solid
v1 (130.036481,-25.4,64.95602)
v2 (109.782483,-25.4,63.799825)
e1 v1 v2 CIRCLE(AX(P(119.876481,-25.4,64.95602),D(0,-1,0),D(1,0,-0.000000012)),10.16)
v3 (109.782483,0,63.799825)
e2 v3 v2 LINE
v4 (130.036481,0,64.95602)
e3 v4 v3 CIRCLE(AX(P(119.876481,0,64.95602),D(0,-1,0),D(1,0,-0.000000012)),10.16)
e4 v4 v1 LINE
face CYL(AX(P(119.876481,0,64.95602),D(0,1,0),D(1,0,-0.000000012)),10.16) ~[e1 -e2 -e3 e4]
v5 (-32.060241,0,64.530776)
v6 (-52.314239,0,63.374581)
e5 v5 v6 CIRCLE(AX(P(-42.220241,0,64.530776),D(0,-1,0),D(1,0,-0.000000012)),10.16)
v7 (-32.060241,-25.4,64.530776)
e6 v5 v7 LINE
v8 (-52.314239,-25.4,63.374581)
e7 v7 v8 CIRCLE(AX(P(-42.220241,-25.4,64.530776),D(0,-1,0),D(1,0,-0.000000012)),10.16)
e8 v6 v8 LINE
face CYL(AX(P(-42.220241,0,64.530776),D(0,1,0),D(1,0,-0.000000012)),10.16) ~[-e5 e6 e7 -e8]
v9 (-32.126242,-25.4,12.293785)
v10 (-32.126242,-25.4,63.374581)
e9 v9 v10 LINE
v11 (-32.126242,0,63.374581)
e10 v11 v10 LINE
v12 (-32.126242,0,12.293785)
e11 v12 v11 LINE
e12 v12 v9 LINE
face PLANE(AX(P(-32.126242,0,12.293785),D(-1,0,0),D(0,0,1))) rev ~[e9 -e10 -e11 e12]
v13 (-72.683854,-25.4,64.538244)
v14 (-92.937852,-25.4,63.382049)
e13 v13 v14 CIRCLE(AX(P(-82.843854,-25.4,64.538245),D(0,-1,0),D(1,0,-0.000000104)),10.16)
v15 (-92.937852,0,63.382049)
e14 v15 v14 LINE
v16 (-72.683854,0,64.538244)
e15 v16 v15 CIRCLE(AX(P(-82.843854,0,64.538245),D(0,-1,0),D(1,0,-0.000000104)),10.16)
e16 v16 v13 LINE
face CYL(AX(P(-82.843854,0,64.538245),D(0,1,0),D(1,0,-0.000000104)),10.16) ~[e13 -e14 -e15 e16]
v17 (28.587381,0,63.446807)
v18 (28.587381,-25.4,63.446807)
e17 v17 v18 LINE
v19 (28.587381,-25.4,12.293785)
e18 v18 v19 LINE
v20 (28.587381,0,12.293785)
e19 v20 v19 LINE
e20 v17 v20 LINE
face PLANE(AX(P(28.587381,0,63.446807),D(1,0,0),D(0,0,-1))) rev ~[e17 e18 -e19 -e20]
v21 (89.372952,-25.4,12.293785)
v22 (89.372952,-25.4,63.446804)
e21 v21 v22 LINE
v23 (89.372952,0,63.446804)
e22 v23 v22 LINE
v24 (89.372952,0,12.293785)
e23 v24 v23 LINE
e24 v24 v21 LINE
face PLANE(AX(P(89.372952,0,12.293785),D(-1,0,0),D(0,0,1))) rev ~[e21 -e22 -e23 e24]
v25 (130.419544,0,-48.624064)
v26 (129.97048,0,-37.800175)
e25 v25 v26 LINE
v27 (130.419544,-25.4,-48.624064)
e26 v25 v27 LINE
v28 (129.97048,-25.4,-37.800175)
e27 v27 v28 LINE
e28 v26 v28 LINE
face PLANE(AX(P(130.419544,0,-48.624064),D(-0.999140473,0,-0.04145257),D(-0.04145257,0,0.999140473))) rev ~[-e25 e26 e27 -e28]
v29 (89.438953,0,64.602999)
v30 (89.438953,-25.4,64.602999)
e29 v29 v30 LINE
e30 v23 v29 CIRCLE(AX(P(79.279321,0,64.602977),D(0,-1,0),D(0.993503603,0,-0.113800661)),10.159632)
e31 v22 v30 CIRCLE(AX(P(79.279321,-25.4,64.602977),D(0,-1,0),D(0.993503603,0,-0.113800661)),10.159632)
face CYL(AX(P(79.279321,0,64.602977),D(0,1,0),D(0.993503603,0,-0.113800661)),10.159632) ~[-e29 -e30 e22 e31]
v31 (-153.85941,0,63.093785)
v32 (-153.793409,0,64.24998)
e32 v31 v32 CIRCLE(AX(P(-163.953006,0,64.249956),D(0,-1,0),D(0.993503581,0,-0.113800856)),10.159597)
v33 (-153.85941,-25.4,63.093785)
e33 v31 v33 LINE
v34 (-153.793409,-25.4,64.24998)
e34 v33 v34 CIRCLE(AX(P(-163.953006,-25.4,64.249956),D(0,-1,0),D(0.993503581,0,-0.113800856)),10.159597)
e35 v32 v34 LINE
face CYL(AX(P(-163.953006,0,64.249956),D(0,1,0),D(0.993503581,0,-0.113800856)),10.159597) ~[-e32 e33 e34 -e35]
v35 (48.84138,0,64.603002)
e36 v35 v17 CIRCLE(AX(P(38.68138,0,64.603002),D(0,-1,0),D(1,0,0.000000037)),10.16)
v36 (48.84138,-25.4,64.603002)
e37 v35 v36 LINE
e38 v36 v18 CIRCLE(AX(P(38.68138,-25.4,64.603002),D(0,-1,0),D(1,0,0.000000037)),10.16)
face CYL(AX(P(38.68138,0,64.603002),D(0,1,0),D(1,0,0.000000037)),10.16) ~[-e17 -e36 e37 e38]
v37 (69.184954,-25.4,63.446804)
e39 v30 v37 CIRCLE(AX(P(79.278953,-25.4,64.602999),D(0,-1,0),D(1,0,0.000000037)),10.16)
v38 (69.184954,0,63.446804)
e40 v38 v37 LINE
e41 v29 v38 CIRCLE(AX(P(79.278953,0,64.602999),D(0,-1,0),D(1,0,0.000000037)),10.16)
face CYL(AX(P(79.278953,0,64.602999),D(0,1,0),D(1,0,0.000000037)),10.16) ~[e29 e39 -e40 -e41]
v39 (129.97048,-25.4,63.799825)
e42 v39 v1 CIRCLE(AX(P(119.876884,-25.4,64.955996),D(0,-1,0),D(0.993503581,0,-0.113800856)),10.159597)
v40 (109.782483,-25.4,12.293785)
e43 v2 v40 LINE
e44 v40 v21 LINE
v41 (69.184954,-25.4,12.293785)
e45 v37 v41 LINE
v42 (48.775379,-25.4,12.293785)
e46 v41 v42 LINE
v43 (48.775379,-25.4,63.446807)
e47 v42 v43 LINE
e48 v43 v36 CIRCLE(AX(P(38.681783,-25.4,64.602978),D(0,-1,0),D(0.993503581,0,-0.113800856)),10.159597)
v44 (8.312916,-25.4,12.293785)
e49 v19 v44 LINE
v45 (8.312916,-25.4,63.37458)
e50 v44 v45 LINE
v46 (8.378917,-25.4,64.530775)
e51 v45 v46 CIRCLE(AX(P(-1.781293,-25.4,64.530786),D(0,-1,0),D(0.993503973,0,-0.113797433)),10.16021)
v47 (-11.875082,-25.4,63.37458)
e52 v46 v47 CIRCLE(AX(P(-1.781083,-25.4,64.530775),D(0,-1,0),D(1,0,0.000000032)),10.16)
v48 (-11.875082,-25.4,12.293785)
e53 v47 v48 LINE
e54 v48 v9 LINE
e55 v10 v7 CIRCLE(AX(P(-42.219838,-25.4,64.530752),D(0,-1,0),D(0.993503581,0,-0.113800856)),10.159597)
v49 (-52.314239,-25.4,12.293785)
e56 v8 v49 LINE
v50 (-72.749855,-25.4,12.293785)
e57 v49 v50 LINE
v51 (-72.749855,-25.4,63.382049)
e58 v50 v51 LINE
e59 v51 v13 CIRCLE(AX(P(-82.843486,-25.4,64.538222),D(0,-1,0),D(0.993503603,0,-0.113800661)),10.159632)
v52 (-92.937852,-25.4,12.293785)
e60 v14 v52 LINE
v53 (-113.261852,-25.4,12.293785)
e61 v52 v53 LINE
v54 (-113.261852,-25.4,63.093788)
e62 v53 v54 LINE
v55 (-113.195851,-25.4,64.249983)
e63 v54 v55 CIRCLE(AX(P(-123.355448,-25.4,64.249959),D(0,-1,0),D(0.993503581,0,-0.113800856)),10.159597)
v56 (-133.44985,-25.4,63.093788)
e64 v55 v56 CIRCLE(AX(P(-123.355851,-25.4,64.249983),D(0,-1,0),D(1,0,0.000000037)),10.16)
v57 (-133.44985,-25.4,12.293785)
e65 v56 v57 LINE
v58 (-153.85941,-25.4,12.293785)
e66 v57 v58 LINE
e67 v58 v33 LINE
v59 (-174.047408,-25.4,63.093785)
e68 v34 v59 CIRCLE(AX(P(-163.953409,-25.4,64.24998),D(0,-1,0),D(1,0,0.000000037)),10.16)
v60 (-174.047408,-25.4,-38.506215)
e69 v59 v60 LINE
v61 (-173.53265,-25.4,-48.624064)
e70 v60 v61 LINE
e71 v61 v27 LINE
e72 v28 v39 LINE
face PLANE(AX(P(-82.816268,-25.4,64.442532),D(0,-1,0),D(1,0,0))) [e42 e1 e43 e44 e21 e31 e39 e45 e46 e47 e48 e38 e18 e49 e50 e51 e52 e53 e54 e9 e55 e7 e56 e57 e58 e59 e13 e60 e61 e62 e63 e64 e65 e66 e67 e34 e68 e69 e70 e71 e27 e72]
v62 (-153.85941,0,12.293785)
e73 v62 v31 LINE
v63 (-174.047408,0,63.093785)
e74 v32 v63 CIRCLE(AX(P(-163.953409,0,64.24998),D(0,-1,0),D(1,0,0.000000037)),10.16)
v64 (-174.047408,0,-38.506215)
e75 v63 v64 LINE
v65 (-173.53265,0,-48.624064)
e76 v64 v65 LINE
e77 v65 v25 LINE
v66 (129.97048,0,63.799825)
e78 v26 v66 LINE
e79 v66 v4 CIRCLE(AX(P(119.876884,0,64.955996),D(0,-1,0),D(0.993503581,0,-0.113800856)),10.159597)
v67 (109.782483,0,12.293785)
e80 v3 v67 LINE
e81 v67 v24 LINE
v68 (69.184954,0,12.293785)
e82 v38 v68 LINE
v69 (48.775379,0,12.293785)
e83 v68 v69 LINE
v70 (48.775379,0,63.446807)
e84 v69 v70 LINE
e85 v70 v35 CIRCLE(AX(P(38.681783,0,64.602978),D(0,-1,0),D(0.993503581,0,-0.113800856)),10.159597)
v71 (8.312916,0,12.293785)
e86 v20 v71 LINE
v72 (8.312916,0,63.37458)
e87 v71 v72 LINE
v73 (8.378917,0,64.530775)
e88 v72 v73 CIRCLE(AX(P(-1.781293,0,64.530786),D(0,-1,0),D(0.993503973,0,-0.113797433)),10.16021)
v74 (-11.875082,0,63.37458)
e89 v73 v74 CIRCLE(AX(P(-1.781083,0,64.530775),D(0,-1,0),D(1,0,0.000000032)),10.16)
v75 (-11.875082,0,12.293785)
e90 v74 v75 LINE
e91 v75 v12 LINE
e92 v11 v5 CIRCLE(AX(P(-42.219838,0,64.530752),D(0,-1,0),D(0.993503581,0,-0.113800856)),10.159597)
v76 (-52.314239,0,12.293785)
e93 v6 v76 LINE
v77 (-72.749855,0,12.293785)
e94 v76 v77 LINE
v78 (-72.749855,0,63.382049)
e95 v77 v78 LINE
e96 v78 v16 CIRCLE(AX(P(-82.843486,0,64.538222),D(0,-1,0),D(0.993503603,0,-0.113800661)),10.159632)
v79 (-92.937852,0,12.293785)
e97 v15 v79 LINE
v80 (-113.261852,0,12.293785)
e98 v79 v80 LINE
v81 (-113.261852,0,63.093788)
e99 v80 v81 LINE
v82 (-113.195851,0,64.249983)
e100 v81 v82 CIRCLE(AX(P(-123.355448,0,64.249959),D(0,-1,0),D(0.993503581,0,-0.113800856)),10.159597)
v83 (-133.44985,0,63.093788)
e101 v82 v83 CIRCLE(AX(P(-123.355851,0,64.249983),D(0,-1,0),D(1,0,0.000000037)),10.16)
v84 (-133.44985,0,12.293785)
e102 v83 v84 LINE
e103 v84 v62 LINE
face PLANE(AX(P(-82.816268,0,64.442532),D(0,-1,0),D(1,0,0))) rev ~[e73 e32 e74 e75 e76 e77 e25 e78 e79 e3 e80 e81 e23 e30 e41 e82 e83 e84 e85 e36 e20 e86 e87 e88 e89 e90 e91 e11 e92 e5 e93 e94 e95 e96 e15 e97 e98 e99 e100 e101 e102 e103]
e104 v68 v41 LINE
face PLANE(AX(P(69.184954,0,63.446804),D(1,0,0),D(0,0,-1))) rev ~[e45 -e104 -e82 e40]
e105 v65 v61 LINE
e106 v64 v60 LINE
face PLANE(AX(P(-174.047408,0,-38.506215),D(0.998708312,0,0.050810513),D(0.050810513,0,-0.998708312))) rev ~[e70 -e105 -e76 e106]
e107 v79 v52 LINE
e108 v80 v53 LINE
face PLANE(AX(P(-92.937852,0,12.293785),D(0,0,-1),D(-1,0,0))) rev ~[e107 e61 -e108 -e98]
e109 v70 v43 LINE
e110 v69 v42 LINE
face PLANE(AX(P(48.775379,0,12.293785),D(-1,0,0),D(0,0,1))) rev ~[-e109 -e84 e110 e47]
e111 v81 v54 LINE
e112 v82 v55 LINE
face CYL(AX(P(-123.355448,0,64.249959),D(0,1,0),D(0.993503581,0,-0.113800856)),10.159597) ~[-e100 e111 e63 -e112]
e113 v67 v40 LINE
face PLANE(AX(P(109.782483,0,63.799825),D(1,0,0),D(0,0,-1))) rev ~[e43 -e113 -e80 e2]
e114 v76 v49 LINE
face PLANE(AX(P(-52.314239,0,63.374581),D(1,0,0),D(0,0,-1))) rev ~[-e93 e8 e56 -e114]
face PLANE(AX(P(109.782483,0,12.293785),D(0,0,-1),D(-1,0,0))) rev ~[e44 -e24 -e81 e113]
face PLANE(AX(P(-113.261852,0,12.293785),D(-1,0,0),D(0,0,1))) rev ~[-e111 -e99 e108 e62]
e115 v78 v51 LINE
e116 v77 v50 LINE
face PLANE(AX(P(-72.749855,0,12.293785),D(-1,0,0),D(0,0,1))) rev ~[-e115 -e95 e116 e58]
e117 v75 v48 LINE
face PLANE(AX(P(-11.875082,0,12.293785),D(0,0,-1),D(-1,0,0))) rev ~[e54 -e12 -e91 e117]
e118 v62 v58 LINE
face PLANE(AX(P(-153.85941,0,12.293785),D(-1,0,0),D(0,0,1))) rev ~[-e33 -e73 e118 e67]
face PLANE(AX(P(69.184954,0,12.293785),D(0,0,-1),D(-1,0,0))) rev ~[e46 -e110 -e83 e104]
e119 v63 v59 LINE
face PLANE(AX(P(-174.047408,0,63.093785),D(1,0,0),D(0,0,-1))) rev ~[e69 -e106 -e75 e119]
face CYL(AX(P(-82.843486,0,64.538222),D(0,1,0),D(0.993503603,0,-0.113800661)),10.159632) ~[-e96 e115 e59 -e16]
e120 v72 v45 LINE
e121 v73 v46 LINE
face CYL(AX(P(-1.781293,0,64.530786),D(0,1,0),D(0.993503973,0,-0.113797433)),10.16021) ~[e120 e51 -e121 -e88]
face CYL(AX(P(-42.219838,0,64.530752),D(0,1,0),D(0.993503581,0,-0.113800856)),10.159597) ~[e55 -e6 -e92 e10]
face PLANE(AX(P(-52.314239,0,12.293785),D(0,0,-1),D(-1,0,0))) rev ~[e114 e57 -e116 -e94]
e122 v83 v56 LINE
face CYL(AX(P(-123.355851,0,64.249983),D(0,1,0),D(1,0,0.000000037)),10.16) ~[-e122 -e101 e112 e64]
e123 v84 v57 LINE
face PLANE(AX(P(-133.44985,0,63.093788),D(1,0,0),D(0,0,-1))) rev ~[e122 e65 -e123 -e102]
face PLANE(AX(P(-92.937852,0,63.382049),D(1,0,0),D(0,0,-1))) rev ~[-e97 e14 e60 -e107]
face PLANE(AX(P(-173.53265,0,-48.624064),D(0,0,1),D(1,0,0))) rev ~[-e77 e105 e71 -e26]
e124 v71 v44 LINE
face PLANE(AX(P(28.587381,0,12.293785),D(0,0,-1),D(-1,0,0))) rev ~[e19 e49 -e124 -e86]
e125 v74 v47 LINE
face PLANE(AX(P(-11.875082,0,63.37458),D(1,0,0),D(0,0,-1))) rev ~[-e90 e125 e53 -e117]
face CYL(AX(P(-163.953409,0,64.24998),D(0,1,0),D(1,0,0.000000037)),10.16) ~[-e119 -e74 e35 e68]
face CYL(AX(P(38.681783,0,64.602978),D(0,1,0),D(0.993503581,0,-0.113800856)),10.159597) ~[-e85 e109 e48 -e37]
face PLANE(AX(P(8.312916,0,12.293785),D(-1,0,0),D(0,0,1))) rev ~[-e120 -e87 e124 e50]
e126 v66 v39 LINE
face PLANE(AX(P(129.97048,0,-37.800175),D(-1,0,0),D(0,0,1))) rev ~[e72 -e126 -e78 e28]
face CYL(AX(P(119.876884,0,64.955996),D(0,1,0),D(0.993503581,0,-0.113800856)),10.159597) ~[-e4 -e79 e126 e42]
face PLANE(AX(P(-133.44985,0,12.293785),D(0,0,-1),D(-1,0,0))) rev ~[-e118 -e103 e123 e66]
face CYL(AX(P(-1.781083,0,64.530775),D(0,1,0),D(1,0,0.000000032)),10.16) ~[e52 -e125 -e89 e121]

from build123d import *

# Parameters (mm, degrees)
F1_DEPTH = 25.4


with BuildPart() as f1:
    # F0 (on Front) → F1 (new body)
    with BuildSketch(Plane.XZ):
        with BuildLine():
            ThreePointArc((-72.749855, 63.382049), (-72.700367, 63.959206), (-72.683854, 64.538244))
            ThreePointArc((-72.683854, 64.538244), (-83.422892, 74.681731), (-92.937852, 63.382049))
            ThreePointArc((-92.937852, 63.382049), (-82.843854, 54.378244), (-72.749855, 63.382049))
        make_face()
        with BuildLine():
            ThreePointArc((-72.749855, 63.382049), (-82.843854, 54.378244), (-92.937852, 63.382049))
            Line((-92.937852, 63.382049), (-92.937852, 12.293785))
            Line((-92.937852, 12.293785), (-72.749855, 12.293785))
            Line((-72.749855, 12.293785), (-72.749855, 63.382049))
        make_face()
        Polygon((-72.749855, 12.293785), (-92.937852, 12.293785), (-113.261852, 12.293785), (-133.44985, 12.293785), (-153.85941, 12.293785), (-174.047408, 12.293785), (-174.047408, -38.506215), (-173.53265, -48.624064), (-144.623931, -48.624064), (130.419544, -48.624064), (129.97048, -37.800175), (129.97048, 12.293785), (109.782483, 12.293785), (89.372952, 12.293785), (69.184954, 12.293785), (48.775379, 12.293785), (28.587381, 12.293785), (8.312916, 12.293785), (-11.875082, 12.293785), (-32.126242, 12.293785), (-52.314239, 12.293785), align=None)
        with BuildLine():
            Line((-133.44985, 12.293785), (-113.261852, 12.293785))
            Line((-113.261852, 12.293785), (-113.261852, 63.093788))
            ThreePointArc((-113.261852, 63.093788), (-123.355851, 54.089983), (-133.44985, 63.093788))
            Line((-133.44985, 63.093788), (-133.44985, 12.293785))
        make_face()
        with BuildLine():
            Line((-52.314239, 63.374581), (-52.314239, 12.293785))
            Line((-52.314239, 12.293785), (-32.126242, 12.293785))
            Line((-32.126242, 12.293785), (-32.126242, 63.374581))
            ThreePointArc((-32.126242, 63.374581), (-42.220241, 54.370776), (-52.314239, 63.374581))
        make_face()
        with BuildLine():
            ThreePointArc((-133.44985, 63.093788), (-123.355851, 54.089983), (-113.261852, 63.093788))
            ThreePointArc((-113.261852, 63.093788), (-113.212364, 63.670944), (-113.195851, 64.249983))
            ThreePointArc((-113.195851, 64.249983), (-123.934889, 74.393469), (-133.44985, 63.093788))
        make_face()
        with BuildLine():
            ThreePointArc((-32.060241, 64.530776), (-42.799279, 74.674262), (-52.314239, 63.374581))
            ThreePointArc((-52.314239, 63.374581), (-42.220241, 54.370776), (-32.126242, 63.374581))
            ThreePointArc((-32.126242, 63.374581), (-32.076754, 63.951737), (-32.060241, 64.530776))
        make_face()
        with BuildLine():
            Line((-174.047408, 12.293785), (-153.85941, 12.293785))
            Line((-153.85941, 12.293785), (-153.85941, 63.093785))
            ThreePointArc((-153.85941, 63.093785), (-163.953409, 54.08998), (-174.047408, 63.093785))
            Line((-174.047408, 63.093785), (-174.047408, 12.293785))
        make_face()
        with BuildLine():
            Line((-11.875082, 63.37458), (-11.875082, 12.293785))
            Line((-11.875082, 12.293785), (8.312916, 12.293785))
            Line((8.312916, 12.293785), (8.312916, 63.37458))
            ThreePointArc((8.312916, 63.37458), (-1.781083, 54.370775), (-11.875082, 63.37458))
        make_face()
        with BuildLine():
            ThreePointArc((-174.047408, 63.093785), (-163.953409, 54.08998), (-153.85941, 63.093785))
            ThreePointArc((-153.85941, 63.093785), (-153.809922, 63.670941), (-153.793409, 64.24998))
            ThreePointArc((-153.793409, 64.24998), (-164.532447, 74.393466), (-174.047408, 63.093785))
        make_face()
        with BuildLine():
            ThreePointArc((8.378917, 64.530775), (-2.360122, 74.674261), (-11.875082, 63.37458))
            ThreePointArc((-11.875082, 63.37458), (-1.781083, 54.370775), (8.312916, 63.37458))
            ThreePointArc((8.312916, 63.37458), (8.362403, 63.951736), (8.378917, 64.530775))
        make_face()
        with BuildLine():
            Line((28.587381, 63.446807), (28.587381, 12.293785))
            Line((28.587381, 12.293785), (48.775379, 12.293785))
            Line((48.775379, 12.293785), (48.775379, 63.446807))
            ThreePointArc((48.775379, 63.446807), (38.68138, 54.443002), (28.587381, 63.446807))
        make_face()
        with BuildLine():
            ThreePointArc((48.84138, 64.603002), (38.102342, 74.746488), (28.587381, 63.446807))
            ThreePointArc((28.587381, 63.446807), (38.68138, 54.443002), (48.775379, 63.446807))
            ThreePointArc((48.775379, 63.446807), (48.824867, 64.023963), (48.84138, 64.603002))
        make_face()
        with BuildLine():
            Line((69.184954, 63.446804), (69.184954, 12.293785))
            Line((69.184954, 12.293785), (89.372952, 12.293785))
            Line((89.372952, 12.293785), (89.372952, 63.446804))
            ThreePointArc((89.372952, 63.446804), (79.278953, 54.442999), (69.184954, 63.446804))
        make_face()
        with BuildLine():
            ThreePointArc((89.438953, 64.602999), (78.699915, 74.746485), (69.184954, 63.446804))
            ThreePointArc((69.184954, 63.446804), (79.278953, 54.442999), (89.372952, 63.446804))
            ThreePointArc((89.372952, 63.446804), (89.42244, 64.023961), (89.438953, 64.602999))
        make_face()
        with BuildLine():
            Line((109.782483, 63.799825), (109.782483, 12.293785))
            Line((109.782483, 12.293785), (129.97048, 12.293785))
            Line((129.97048, 12.293785), (129.97048, 63.799825))
            ThreePointArc((129.97048, 63.799825), (119.876481, 54.79602), (109.782483, 63.799825))
        make_face()
        with BuildLine():
            ThreePointArc((130.036481, 64.95602), (119.297443, 75.099506), (109.782483, 63.799825))
            ThreePointArc((109.782483, 63.799825), (119.876481, 54.79602), (129.97048, 63.799825))
            ThreePointArc((129.97048, 63.799825), (130.019968, 64.376981), (130.036481, 64.95602))
        make_face()
    extrude(amount=F1_DEPTH)


solid = f1.part
